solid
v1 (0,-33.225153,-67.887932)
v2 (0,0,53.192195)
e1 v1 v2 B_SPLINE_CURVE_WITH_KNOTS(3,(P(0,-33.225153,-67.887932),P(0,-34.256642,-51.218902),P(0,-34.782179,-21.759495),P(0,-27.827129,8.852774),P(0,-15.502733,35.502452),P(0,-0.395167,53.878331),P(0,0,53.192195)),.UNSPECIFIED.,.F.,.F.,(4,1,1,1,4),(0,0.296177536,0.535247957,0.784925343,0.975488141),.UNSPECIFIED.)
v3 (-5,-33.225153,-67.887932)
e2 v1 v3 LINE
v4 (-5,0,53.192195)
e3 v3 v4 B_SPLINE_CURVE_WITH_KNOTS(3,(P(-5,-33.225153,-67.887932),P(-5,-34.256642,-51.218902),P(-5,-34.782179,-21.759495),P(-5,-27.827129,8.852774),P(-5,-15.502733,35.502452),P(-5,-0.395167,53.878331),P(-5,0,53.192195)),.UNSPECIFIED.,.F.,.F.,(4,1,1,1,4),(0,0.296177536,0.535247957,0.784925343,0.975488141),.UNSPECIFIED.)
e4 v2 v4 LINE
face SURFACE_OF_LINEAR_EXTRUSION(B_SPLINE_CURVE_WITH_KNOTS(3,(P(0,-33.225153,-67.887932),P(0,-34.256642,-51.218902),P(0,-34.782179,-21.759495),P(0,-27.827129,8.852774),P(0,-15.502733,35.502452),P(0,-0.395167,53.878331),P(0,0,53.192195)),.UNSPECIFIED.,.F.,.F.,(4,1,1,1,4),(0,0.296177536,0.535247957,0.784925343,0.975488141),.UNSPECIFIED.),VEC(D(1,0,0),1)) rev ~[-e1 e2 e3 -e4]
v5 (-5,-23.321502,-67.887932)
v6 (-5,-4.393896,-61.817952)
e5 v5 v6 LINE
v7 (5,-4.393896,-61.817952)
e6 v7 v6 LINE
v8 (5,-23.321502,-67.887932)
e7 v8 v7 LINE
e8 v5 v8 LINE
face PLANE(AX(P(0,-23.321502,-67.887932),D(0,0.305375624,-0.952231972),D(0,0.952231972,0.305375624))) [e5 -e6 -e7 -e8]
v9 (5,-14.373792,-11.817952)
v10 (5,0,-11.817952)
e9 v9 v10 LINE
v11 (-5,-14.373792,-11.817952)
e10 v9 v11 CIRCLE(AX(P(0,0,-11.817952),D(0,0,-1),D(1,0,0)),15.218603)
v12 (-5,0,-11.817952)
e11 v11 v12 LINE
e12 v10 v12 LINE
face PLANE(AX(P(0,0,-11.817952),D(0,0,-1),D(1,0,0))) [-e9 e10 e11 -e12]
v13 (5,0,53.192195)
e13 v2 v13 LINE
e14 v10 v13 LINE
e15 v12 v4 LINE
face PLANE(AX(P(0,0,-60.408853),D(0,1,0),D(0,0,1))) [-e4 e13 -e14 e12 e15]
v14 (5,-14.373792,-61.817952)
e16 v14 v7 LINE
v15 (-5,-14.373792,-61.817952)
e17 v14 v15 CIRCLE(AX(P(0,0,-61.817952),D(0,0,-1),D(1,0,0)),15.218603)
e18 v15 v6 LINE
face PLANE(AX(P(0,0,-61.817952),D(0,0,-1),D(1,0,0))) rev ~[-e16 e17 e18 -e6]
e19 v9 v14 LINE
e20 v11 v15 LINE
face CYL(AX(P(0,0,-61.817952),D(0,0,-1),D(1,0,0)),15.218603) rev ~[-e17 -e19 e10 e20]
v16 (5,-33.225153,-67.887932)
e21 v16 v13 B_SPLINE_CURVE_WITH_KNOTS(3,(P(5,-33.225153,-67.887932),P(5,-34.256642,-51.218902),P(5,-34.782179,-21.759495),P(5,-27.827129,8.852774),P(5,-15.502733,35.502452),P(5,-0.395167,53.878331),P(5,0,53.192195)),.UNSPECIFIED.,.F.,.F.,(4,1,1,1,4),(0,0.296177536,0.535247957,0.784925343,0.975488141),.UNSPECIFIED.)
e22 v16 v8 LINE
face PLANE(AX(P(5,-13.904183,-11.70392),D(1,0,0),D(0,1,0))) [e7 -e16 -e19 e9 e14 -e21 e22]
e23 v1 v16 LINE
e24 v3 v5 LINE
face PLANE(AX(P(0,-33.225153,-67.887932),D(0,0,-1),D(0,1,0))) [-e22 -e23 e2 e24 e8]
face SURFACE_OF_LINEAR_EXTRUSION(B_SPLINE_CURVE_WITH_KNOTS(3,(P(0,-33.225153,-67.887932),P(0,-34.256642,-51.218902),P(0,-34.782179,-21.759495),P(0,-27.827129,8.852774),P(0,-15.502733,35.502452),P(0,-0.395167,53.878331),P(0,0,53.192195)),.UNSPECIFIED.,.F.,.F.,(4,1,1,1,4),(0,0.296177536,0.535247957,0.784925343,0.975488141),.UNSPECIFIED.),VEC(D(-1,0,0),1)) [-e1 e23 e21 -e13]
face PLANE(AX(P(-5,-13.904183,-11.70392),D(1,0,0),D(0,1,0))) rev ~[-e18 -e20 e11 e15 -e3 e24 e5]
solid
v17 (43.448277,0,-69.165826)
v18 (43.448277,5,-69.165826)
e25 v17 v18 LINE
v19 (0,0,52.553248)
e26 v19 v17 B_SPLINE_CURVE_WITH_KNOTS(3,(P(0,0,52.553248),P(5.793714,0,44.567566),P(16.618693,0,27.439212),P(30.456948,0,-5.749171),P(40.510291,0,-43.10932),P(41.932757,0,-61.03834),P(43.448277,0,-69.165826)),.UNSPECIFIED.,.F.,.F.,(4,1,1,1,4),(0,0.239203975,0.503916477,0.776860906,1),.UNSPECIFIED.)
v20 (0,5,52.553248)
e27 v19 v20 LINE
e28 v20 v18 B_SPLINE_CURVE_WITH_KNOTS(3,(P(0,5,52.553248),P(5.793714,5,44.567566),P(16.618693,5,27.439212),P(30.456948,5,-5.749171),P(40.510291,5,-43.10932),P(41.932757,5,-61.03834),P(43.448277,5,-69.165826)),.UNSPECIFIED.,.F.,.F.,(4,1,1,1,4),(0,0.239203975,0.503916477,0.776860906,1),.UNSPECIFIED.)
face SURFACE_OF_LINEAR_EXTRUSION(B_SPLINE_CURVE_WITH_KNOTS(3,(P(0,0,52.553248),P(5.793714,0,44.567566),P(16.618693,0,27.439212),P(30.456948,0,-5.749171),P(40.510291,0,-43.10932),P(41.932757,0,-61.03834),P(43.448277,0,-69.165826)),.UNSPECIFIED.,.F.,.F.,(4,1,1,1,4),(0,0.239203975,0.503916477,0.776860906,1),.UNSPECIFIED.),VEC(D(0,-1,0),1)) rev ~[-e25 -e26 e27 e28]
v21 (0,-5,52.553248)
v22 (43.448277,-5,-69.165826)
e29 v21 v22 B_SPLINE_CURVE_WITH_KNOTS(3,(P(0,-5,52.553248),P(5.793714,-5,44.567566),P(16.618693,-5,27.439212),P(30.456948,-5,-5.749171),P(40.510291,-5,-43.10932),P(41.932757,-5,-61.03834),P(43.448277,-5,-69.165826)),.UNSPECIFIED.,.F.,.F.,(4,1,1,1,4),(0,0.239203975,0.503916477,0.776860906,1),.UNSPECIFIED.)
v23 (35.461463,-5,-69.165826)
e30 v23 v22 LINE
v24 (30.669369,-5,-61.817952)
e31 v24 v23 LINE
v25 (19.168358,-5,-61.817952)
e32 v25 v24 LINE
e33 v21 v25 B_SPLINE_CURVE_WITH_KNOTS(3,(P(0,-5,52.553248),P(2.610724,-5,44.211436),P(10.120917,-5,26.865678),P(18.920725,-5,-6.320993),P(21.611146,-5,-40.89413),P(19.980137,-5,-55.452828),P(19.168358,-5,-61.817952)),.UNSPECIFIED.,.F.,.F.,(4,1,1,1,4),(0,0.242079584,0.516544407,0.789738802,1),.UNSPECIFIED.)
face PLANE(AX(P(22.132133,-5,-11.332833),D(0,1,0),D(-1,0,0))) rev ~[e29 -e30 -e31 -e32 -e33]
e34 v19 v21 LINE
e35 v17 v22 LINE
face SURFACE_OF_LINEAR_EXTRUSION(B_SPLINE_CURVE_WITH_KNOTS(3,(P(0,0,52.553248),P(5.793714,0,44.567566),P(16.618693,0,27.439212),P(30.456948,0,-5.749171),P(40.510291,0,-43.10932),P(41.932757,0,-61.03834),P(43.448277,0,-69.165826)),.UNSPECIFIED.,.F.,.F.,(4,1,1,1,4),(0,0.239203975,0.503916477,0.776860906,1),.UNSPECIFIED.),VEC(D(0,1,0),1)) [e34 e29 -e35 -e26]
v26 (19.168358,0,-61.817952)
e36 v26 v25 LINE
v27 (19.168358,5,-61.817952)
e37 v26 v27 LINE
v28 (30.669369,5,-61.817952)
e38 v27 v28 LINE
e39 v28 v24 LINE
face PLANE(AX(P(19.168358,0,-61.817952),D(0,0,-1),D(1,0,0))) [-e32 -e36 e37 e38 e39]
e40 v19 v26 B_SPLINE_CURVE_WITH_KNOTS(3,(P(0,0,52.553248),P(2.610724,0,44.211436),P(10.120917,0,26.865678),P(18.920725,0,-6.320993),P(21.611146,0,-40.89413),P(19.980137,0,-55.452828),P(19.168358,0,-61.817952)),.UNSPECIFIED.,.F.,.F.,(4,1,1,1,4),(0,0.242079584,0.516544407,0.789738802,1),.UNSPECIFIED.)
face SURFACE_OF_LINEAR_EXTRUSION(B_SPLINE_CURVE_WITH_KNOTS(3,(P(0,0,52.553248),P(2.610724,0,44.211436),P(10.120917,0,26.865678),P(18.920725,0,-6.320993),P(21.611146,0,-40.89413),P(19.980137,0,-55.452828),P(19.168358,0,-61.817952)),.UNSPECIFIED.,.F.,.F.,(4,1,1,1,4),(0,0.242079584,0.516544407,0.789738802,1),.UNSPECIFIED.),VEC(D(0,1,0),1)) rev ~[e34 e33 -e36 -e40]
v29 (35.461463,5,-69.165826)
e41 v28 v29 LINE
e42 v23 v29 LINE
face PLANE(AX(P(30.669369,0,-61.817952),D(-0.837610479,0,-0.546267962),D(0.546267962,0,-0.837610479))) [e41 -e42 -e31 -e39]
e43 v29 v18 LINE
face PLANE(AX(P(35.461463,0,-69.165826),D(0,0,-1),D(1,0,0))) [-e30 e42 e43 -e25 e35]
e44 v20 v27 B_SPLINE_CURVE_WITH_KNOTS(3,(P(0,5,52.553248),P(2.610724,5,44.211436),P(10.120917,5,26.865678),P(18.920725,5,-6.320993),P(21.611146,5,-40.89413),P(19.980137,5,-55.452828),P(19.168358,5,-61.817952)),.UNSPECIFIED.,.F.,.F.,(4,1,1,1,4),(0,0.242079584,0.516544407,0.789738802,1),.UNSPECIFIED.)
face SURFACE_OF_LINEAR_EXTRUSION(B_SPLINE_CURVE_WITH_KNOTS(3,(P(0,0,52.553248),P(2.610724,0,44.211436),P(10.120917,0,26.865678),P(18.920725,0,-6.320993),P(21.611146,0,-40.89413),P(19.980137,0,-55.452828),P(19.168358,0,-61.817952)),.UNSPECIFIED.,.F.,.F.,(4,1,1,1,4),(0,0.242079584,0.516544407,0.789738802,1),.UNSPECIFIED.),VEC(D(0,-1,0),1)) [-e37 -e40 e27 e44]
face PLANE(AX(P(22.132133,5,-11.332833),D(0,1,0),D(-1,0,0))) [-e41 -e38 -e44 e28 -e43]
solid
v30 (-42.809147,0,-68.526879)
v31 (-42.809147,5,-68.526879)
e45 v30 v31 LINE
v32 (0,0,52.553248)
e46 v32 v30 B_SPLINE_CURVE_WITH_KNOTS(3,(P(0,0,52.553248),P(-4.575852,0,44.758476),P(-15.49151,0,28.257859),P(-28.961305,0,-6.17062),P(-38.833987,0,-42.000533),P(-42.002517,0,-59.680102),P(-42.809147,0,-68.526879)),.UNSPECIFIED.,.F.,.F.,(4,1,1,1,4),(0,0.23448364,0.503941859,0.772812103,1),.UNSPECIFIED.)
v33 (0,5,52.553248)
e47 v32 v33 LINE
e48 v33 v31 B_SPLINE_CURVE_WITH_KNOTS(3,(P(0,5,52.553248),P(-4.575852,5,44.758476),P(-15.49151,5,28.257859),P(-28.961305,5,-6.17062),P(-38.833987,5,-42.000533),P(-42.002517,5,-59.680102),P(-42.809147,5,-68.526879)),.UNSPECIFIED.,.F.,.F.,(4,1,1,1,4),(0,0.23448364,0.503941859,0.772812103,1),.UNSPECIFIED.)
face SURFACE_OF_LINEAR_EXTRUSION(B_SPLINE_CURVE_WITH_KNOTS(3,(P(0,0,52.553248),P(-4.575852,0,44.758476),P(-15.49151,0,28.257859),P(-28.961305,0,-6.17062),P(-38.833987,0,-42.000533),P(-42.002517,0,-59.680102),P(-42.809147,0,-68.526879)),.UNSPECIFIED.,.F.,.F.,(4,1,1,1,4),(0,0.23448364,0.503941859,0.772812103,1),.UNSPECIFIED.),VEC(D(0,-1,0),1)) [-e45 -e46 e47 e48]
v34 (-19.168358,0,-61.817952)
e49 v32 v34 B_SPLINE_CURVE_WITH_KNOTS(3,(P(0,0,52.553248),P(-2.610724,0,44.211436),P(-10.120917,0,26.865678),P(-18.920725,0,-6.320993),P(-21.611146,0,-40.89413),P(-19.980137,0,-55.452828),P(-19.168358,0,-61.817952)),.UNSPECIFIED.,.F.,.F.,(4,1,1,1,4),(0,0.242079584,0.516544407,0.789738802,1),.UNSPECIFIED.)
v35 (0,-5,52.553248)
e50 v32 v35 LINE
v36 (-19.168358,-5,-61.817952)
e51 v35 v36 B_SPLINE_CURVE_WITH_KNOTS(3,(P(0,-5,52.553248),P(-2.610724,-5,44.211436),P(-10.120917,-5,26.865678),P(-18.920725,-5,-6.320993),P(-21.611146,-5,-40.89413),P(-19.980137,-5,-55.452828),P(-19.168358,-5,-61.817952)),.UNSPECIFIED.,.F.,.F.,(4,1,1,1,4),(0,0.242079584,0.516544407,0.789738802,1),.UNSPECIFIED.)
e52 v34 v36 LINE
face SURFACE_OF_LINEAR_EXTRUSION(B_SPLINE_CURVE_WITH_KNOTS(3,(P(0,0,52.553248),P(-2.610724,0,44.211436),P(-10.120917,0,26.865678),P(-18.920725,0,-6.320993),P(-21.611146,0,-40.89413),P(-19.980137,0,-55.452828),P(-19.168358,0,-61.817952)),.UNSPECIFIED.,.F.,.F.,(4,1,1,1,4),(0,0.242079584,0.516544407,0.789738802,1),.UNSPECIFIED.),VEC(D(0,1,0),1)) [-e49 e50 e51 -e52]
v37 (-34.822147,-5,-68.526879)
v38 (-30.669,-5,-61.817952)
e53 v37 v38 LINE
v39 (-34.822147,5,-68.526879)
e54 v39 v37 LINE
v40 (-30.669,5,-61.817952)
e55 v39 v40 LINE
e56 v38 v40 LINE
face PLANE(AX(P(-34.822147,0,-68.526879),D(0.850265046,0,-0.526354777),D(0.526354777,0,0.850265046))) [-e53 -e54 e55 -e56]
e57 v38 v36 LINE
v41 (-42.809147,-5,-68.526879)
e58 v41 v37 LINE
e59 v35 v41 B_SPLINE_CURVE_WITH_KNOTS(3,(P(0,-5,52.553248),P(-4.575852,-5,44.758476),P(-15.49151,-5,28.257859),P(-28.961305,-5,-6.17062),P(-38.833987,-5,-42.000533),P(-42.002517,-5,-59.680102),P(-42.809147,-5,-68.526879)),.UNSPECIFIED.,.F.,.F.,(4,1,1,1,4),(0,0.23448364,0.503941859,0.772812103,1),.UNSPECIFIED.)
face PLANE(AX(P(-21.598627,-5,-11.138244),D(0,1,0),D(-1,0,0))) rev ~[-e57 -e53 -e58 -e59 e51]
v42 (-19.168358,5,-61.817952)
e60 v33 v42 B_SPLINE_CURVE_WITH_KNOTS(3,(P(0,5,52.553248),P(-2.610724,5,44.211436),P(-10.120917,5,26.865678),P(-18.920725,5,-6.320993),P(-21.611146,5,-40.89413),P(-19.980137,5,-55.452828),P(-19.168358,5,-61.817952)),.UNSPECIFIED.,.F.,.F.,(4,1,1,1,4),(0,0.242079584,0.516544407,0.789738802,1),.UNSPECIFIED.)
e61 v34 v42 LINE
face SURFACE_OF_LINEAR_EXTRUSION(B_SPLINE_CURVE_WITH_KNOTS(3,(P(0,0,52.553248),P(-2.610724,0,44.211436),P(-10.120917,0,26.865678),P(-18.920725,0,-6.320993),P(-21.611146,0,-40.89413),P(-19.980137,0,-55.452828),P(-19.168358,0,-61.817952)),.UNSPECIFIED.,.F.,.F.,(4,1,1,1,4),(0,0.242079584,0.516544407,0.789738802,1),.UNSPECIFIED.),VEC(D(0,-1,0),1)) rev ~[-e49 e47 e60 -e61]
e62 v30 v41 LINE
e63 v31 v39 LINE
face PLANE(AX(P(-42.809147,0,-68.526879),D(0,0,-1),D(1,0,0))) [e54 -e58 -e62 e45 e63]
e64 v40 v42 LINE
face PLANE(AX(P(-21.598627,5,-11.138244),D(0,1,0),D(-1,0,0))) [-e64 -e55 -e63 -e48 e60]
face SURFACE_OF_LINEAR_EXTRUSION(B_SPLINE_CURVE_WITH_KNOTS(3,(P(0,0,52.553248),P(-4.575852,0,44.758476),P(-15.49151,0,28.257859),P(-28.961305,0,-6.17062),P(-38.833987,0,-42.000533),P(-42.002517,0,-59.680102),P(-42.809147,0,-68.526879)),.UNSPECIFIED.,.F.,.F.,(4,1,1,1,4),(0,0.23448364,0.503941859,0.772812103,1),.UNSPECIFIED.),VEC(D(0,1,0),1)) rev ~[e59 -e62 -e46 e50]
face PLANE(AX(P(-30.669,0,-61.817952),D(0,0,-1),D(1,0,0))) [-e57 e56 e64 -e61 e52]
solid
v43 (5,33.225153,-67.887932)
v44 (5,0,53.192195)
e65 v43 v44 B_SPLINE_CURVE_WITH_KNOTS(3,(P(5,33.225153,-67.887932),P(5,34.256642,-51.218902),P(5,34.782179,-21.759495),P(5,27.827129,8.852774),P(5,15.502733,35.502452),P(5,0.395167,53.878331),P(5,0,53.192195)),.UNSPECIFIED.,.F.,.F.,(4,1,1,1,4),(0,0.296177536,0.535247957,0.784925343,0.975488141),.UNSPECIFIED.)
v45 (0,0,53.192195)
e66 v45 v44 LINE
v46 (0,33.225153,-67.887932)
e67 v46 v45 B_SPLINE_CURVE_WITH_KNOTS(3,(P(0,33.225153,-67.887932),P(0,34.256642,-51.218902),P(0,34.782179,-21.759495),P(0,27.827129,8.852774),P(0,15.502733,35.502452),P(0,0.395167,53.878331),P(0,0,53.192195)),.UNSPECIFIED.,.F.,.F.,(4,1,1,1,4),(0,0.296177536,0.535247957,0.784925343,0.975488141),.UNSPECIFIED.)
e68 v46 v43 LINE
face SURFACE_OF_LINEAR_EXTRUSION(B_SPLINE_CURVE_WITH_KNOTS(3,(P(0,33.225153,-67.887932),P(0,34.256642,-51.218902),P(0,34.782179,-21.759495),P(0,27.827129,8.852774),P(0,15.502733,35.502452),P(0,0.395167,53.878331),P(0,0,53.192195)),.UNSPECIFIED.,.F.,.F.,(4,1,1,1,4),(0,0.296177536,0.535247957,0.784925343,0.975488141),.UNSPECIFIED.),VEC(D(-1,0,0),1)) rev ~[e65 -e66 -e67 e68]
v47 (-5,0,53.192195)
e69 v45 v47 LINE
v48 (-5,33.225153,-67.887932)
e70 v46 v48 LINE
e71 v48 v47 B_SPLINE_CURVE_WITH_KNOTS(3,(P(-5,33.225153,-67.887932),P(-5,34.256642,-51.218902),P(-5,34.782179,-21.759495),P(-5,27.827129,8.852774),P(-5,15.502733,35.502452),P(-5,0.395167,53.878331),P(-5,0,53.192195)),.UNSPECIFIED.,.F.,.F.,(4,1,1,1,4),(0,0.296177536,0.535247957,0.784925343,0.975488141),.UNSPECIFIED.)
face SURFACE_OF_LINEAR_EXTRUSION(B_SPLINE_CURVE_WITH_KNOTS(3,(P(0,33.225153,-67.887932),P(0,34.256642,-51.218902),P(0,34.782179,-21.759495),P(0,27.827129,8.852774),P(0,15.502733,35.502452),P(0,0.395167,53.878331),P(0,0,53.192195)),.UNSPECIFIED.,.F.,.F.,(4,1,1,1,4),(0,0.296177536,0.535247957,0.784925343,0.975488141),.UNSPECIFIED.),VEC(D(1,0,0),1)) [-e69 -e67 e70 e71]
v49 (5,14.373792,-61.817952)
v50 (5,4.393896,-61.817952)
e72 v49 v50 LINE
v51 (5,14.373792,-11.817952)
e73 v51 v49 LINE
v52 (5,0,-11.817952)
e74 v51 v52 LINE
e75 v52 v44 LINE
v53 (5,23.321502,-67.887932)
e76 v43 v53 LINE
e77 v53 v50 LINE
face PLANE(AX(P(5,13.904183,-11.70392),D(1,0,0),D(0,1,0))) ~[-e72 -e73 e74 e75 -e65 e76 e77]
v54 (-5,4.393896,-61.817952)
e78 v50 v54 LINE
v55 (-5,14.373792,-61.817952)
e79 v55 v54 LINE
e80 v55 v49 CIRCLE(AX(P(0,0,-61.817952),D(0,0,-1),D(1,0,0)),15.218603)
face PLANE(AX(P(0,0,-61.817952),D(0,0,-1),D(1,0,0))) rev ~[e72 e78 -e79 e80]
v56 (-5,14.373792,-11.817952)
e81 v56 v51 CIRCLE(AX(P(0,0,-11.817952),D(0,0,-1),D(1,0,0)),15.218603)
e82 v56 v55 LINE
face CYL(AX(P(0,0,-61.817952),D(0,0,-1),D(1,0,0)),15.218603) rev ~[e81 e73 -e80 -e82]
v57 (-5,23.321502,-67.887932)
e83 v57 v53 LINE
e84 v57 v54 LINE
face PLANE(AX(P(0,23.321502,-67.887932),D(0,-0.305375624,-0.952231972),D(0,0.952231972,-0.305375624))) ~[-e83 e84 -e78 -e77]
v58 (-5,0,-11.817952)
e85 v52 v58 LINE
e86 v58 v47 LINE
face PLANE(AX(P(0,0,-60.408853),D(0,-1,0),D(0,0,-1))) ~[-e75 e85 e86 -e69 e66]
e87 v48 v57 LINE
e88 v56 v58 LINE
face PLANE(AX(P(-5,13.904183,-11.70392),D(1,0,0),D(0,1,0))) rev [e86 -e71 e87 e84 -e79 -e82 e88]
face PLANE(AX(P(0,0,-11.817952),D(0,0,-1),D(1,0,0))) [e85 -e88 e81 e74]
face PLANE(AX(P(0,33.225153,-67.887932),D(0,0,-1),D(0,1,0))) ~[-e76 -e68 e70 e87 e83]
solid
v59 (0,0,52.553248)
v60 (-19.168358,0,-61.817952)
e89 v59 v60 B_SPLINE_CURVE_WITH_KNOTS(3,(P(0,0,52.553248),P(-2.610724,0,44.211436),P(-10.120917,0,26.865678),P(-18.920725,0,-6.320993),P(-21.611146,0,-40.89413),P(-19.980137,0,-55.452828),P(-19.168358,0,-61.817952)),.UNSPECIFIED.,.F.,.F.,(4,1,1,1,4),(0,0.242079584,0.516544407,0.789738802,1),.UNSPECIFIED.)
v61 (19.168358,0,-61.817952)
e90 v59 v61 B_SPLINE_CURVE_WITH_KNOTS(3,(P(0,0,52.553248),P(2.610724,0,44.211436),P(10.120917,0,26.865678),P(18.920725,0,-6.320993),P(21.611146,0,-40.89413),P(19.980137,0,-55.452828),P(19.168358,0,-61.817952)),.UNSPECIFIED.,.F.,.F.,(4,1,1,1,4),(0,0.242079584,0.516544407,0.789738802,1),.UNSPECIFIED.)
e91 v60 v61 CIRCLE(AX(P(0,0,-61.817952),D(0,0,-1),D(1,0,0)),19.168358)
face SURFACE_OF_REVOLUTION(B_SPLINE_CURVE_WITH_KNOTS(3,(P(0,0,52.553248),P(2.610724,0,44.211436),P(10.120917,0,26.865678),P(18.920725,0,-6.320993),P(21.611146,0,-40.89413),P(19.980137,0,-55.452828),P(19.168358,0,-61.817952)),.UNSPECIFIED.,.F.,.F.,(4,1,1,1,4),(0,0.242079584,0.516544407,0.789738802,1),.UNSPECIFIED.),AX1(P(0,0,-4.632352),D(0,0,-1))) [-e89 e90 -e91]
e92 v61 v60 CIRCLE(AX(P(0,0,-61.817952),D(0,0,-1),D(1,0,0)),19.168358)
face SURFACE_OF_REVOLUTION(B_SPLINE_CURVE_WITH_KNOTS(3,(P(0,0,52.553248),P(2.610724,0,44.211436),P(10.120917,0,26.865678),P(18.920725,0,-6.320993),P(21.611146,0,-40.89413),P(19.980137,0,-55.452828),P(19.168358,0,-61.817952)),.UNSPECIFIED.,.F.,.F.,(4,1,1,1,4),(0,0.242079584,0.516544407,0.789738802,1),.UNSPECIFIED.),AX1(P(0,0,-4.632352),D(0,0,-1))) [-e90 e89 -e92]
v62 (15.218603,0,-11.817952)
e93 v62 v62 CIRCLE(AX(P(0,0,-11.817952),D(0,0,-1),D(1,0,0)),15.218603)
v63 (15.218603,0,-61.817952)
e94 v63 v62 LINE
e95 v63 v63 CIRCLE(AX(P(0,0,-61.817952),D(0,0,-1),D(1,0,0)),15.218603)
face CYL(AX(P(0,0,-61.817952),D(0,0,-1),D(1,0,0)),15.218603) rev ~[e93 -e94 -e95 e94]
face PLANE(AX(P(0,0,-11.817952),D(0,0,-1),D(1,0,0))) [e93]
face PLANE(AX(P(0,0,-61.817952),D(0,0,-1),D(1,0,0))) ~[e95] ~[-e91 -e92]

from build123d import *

# Parameters (mm, degrees)
F2_DEPTH = 5
F4_DEPTH = 5
F6_R     = 15.218603284
F7_DEPTH = 50


with BuildPart() as f1:
    # F0 (on Front) → F1 (revolve)
    with BuildSketch(Plane.XZ):
        with BuildLine():
            add(Edge.make_bspline(
                [(0, 52.5532476604), (2.6107242902, 44.2114355184), (10.1209167037, 26.8656779462), (18.9207252723, -6.3209934437), (21.6111461209, -40.8941300023), (19.9801372454, -55.4528275347), (19.1683582962, -61.8179515004)],
                knots=[0, 0, 0, 0, 0.2420795839, 0.5165444069, 0.7897388021, 1, 1, 1, 1], degree=3))
            Line((0, 52.5532476604), (0, -61.8179515004))
            Line((0, -61.8179515004), (19.1683582962, -61.8179515004))
        make_face()
    revolve(axis=Axis((0, 0, -4.63235192), (0, 0, -1)))

    # F0 (on Front) → F2 (join, symmetric)
    with BuildSketch(Plane.XZ):
        with BuildLine():
            add(Edge.make_bspline(
                [(0, 52.5532476604), (5.7937135427, 44.5675662384), (16.6186930467, 27.4392118639), (30.4569483883, -5.7491705086), (40.5102909017, -43.1093197012), (41.9327566079, -61.0383403232), (43.4482768178, -69.1658258438)],
                knots=[0, 0, 0, 0, 0.2392039747, 0.5039164767, 0.7768609064, 1, 1, 1, 1], degree=3))
            add(Edge.make_bspline(
                [(0, 52.5532476604), (2.6107242902, 44.2114355184), (10.1209167037, 26.8656779462), (18.9207252723, -6.3209934437), (21.6111461209, -40.8941300023), (19.9801372454, -55.4528275347), (19.1683582962, -61.8179515004)],
                knots=[0, 0, 0, 0, 0.2420795839, 0.5165444069, 0.7897388021, 1, 1, 1, 1], degree=3))
            Line((19.1683582962, -61.8179515004), (30.6693688035, -61.8179515004))
            Line((30.6693688035, -61.8179515004), (35.4614630342, -69.1658258438))
            Line((35.4614630342, -69.1658258438), (43.4482768178, -69.1658258438))
        make_face()
        with BuildLine():
            add(Edge.make_bspline(
                [(0, 52.5532476604), (-2.6107242902, 44.2114355184), (-10.1209167037, 26.8656779462), (-18.9207252723, -6.3209934437), (-21.6111461209, -40.8941300023), (-19.9801372454, -55.4528275347), (-19.1683582962, -61.8179515004)],
                knots=[0, 0, 0, 0, 0.2420795839, 0.5165444069, 0.7897388021, 1, 1, 1, 1], degree=3))
            add(Edge.make_bspline(
                [(0, 52.5532476604), (-4.5758516976, 44.7584759148), (-15.4915101462, 28.2578589936), (-28.9613045774, -6.1706203584), (-38.833986536, -42.0005328373), (-42.0025167129, -59.6801020328), (-42.8091473398, -68.526878953)],
                knots=[0, 0, 0, 0, 0.2344836404, 0.5039418594, 0.772812103, 1, 1, 1, 1], degree=3))
            Line((-42.8091473398, -68.526878953), (-34.8221473398, -68.526878953))
            Line((-34.8221473398, -68.526878953), (-30.669, -61.8179515004))
            Line((-30.669, -61.8179515004), (-19.1683582962, -61.8179515004))
        make_face()
    extrude(amount=F2_DEPTH, both=True)


with BuildPart() as f4:
    # F3 (on Right) → F4 (new body, symmetric)
    with BuildSketch(Plane.YZ):
        with BuildLine():
            Line((-33.2251526415, -67.8879320621), (-23.3215019107, -67.8879320621))
            Line((-23.3215019107, -67.8879320621), (0, -60.4088529944))
            Line((0, -60.4088529944), (0, 52.8727211058))
            Line((0, 52.8727211058), (0, 53.1921945512))
            add(Edge.make_bspline(
                [(-33.2251526415, -67.8879320621), (-34.256642447, -51.2189023983), (-34.7821792002, -21.7594952268), (-27.8271289781, 8.8527738849), (-15.502732931, 35.5024516937), (-0.395167417, 53.8783305862), (0, 53.1921945512)],
                knots=[0, 0, 0, 0, 0.2961775361, 0.5352479572, 0.7849253433, 0.9754881409, 0.9754881409, 0.9754881409, 0.9754881409], degree=3))
        make_face()
    extrude(amount=F4_DEPTH, both=True)


with BuildPart() as f5_1:
    # F5: instance of F4
    add(f4.part.mirror(Plane.XZ))


with BuildPart() as f7_tool:
    # F6 (on face) → F7 (new body)
    with BuildSketch(Plane(origin=(0, 0, -61.8179515004), x_dir=(1, 0, 0), z_dir=(0, 0, -1))):
        Circle(F6_R)
    extrude(amount=-F7_DEPTH)


with BuildPart() as f1_1:
    add(f1.part)

    # F7: cut by f7_tool
    add(f7_tool.part, mode=Mode.SUBTRACT)


with BuildPart() as f4_1:
    add(f4.part)

    # F7: cut by f7_tool
    add(f7_tool.part, mode=Mode.SUBTRACT)


with BuildPart() as f5_1_1:
    add(f5_1.part)

    # F7: cut by f7_tool
    add(f7_tool.part, mode=Mode.SUBTRACT)


solid = Compound([f1_1.part, f4_1.part, f5_1_1.part])
